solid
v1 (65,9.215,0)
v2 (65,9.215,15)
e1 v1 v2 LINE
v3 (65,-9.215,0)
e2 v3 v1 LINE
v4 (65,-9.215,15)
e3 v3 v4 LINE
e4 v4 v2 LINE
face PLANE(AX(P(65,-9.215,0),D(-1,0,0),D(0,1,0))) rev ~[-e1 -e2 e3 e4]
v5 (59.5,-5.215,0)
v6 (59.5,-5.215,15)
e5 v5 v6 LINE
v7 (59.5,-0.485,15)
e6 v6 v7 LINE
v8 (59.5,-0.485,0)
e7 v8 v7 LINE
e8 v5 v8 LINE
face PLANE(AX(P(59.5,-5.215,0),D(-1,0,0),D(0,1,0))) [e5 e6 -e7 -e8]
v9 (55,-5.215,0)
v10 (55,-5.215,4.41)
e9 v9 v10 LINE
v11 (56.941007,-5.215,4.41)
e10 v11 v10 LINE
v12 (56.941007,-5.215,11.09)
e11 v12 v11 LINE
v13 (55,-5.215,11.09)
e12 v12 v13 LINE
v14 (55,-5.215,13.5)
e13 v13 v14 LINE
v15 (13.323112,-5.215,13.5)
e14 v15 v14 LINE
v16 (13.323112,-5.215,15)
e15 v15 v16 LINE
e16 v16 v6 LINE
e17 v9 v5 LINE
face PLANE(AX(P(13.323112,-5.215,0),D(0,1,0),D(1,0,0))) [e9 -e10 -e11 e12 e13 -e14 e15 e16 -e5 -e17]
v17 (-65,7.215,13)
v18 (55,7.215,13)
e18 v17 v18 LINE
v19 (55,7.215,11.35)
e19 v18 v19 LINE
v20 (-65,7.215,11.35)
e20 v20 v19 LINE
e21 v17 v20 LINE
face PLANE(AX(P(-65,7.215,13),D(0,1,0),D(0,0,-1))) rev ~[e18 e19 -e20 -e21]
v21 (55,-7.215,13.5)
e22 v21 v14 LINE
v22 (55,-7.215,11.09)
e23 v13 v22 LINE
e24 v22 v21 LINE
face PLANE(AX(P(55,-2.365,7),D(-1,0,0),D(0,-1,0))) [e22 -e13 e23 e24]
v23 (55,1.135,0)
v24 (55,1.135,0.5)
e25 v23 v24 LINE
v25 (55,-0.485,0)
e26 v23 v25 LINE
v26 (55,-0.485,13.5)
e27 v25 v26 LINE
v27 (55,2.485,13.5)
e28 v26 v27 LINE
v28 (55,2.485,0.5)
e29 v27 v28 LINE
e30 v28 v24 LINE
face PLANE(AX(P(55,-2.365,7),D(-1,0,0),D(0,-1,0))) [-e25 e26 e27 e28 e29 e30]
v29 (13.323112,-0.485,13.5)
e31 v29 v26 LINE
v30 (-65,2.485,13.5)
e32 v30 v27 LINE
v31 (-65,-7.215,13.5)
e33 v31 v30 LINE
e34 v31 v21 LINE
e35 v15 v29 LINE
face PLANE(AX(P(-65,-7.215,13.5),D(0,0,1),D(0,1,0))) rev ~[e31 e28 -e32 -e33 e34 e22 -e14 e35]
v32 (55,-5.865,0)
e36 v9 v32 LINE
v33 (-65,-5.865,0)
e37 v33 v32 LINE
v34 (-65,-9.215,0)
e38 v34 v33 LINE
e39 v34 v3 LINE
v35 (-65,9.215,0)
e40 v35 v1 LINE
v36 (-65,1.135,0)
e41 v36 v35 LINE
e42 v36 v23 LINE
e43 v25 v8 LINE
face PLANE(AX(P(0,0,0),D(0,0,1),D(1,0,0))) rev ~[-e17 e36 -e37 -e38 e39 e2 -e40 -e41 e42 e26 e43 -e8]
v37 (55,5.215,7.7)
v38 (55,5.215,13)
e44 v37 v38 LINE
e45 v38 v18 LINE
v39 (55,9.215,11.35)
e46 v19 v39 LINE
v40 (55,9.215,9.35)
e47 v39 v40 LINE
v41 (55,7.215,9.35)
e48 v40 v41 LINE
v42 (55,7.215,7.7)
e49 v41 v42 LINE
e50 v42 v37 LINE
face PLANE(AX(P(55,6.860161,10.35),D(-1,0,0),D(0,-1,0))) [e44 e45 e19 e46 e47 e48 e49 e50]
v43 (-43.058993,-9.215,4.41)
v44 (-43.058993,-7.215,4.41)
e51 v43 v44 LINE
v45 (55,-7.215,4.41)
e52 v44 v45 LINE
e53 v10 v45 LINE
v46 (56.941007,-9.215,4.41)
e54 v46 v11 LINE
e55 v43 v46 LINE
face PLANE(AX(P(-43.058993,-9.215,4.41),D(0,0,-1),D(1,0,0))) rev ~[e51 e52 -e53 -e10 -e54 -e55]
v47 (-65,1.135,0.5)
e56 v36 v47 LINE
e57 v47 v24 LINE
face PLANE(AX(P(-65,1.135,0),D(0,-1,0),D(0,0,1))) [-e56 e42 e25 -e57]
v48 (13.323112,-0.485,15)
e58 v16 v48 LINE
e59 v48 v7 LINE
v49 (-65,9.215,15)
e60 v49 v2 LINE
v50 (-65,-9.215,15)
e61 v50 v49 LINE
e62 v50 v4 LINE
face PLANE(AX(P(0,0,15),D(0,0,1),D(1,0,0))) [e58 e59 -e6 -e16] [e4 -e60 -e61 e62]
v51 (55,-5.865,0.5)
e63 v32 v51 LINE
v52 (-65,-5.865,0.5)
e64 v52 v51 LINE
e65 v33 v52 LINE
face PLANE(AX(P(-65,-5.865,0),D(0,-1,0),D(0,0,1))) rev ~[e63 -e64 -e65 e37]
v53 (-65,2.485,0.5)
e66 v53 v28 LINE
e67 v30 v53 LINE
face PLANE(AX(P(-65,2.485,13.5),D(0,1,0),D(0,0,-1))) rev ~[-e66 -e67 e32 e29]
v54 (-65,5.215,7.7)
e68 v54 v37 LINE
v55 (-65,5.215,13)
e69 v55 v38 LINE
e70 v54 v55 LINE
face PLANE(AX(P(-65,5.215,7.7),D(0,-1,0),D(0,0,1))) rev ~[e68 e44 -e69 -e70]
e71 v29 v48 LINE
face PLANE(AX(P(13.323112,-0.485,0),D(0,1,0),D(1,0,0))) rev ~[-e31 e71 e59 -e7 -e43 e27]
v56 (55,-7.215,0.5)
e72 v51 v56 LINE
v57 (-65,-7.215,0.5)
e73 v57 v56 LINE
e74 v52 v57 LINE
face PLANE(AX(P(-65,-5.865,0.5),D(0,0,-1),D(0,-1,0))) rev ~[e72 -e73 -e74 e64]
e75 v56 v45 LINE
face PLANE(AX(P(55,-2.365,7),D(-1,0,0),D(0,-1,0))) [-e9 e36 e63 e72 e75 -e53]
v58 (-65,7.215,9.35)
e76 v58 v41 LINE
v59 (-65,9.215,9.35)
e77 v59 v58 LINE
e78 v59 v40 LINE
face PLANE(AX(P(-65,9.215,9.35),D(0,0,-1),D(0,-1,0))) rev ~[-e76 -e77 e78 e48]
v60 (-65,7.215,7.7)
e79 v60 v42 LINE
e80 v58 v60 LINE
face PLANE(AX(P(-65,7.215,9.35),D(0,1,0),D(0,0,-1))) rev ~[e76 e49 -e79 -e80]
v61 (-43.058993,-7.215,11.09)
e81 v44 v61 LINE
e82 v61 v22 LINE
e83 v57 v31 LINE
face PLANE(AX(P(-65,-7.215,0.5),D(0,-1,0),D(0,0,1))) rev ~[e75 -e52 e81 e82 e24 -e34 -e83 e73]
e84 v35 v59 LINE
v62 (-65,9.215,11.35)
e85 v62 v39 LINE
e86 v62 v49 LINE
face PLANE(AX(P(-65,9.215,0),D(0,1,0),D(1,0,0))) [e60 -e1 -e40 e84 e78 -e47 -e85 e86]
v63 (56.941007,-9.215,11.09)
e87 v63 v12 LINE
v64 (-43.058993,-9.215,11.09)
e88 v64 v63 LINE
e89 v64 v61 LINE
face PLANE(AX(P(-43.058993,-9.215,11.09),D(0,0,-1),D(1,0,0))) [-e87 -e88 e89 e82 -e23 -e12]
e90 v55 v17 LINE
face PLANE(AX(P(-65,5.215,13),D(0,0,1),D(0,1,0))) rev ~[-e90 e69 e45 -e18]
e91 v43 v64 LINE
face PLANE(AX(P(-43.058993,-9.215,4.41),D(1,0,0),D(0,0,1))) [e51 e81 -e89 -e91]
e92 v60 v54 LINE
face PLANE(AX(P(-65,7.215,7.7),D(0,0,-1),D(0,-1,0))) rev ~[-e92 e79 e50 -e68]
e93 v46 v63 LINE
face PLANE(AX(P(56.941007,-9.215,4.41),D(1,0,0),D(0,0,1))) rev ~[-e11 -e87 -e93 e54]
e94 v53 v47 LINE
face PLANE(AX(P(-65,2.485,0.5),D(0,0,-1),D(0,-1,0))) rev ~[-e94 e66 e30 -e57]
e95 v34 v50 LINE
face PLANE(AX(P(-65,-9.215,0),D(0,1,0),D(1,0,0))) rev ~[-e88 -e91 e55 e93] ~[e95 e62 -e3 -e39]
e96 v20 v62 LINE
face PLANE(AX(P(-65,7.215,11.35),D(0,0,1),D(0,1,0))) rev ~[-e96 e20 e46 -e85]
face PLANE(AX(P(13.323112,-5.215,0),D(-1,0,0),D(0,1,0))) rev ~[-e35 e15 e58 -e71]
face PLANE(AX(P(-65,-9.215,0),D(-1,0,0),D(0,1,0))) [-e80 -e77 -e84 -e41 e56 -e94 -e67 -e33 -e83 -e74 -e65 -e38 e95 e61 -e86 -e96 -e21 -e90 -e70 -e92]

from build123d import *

# Parameters (mm, degrees)
F0_W     = 130
F0_H     = 18.43
F0_W_2   = 46.176888
F0_H_2   = 4.73
F1_DEPTH = 15
F2_W     = 7
F2_H     = 0.5
F3_DEPTH = 120
F4_W     = 100
F4_H     = 6.68
F5_DEPTH = 5


with BuildPart() as f1:
    # F0 (on Top) → F1 (new body)
    with BuildSketch(Plane.XY):
        Rectangle(F0_W, F0_H)
        with Locations((36.411556, -2.85)):
            Rectangle(F0_W_2, F0_H_2, mode=Mode.SUBTRACT)
    extrude(amount=F1_DEPTH)

    # F2 (on face) → F3 (cut)
    with BuildSketch(Plane(origin=(-65, 0, 0), x_dir=(0, -1, 0), z_dir=(-1, 0, 0))):
        Polygon((7.215, 13.5), (-2.485, 13.5), (-2.485, 0.5), (-1.135, 0.5), (5.865, 0.5), (7.215, 0.5), align=None)
        with Locations((2.365, 0.25)):
            Rectangle(F2_W, F2_H)
        Polygon((-7.215, 11.35), (-9.215, 11.35), (-9.215, 9.35), (-7.215, 9.35), (-7.215, 7.7), (-5.215, 7.7), (-5.215, 13), (-7.215, 13), align=None)
    extrude(amount=-F3_DEPTH, mode=Mode.SUBTRACT)

    # F4 (on face) → F5 (cut)
    with BuildSketch(Plane.XZ.offset(9.215)):
        with Locations((6.941007, 7.75)):
            Rectangle(F4_W, F4_H)
    extrude(amount=-F5_DEPTH, mode=Mode.SUBTRACT)


solid = f1.part
